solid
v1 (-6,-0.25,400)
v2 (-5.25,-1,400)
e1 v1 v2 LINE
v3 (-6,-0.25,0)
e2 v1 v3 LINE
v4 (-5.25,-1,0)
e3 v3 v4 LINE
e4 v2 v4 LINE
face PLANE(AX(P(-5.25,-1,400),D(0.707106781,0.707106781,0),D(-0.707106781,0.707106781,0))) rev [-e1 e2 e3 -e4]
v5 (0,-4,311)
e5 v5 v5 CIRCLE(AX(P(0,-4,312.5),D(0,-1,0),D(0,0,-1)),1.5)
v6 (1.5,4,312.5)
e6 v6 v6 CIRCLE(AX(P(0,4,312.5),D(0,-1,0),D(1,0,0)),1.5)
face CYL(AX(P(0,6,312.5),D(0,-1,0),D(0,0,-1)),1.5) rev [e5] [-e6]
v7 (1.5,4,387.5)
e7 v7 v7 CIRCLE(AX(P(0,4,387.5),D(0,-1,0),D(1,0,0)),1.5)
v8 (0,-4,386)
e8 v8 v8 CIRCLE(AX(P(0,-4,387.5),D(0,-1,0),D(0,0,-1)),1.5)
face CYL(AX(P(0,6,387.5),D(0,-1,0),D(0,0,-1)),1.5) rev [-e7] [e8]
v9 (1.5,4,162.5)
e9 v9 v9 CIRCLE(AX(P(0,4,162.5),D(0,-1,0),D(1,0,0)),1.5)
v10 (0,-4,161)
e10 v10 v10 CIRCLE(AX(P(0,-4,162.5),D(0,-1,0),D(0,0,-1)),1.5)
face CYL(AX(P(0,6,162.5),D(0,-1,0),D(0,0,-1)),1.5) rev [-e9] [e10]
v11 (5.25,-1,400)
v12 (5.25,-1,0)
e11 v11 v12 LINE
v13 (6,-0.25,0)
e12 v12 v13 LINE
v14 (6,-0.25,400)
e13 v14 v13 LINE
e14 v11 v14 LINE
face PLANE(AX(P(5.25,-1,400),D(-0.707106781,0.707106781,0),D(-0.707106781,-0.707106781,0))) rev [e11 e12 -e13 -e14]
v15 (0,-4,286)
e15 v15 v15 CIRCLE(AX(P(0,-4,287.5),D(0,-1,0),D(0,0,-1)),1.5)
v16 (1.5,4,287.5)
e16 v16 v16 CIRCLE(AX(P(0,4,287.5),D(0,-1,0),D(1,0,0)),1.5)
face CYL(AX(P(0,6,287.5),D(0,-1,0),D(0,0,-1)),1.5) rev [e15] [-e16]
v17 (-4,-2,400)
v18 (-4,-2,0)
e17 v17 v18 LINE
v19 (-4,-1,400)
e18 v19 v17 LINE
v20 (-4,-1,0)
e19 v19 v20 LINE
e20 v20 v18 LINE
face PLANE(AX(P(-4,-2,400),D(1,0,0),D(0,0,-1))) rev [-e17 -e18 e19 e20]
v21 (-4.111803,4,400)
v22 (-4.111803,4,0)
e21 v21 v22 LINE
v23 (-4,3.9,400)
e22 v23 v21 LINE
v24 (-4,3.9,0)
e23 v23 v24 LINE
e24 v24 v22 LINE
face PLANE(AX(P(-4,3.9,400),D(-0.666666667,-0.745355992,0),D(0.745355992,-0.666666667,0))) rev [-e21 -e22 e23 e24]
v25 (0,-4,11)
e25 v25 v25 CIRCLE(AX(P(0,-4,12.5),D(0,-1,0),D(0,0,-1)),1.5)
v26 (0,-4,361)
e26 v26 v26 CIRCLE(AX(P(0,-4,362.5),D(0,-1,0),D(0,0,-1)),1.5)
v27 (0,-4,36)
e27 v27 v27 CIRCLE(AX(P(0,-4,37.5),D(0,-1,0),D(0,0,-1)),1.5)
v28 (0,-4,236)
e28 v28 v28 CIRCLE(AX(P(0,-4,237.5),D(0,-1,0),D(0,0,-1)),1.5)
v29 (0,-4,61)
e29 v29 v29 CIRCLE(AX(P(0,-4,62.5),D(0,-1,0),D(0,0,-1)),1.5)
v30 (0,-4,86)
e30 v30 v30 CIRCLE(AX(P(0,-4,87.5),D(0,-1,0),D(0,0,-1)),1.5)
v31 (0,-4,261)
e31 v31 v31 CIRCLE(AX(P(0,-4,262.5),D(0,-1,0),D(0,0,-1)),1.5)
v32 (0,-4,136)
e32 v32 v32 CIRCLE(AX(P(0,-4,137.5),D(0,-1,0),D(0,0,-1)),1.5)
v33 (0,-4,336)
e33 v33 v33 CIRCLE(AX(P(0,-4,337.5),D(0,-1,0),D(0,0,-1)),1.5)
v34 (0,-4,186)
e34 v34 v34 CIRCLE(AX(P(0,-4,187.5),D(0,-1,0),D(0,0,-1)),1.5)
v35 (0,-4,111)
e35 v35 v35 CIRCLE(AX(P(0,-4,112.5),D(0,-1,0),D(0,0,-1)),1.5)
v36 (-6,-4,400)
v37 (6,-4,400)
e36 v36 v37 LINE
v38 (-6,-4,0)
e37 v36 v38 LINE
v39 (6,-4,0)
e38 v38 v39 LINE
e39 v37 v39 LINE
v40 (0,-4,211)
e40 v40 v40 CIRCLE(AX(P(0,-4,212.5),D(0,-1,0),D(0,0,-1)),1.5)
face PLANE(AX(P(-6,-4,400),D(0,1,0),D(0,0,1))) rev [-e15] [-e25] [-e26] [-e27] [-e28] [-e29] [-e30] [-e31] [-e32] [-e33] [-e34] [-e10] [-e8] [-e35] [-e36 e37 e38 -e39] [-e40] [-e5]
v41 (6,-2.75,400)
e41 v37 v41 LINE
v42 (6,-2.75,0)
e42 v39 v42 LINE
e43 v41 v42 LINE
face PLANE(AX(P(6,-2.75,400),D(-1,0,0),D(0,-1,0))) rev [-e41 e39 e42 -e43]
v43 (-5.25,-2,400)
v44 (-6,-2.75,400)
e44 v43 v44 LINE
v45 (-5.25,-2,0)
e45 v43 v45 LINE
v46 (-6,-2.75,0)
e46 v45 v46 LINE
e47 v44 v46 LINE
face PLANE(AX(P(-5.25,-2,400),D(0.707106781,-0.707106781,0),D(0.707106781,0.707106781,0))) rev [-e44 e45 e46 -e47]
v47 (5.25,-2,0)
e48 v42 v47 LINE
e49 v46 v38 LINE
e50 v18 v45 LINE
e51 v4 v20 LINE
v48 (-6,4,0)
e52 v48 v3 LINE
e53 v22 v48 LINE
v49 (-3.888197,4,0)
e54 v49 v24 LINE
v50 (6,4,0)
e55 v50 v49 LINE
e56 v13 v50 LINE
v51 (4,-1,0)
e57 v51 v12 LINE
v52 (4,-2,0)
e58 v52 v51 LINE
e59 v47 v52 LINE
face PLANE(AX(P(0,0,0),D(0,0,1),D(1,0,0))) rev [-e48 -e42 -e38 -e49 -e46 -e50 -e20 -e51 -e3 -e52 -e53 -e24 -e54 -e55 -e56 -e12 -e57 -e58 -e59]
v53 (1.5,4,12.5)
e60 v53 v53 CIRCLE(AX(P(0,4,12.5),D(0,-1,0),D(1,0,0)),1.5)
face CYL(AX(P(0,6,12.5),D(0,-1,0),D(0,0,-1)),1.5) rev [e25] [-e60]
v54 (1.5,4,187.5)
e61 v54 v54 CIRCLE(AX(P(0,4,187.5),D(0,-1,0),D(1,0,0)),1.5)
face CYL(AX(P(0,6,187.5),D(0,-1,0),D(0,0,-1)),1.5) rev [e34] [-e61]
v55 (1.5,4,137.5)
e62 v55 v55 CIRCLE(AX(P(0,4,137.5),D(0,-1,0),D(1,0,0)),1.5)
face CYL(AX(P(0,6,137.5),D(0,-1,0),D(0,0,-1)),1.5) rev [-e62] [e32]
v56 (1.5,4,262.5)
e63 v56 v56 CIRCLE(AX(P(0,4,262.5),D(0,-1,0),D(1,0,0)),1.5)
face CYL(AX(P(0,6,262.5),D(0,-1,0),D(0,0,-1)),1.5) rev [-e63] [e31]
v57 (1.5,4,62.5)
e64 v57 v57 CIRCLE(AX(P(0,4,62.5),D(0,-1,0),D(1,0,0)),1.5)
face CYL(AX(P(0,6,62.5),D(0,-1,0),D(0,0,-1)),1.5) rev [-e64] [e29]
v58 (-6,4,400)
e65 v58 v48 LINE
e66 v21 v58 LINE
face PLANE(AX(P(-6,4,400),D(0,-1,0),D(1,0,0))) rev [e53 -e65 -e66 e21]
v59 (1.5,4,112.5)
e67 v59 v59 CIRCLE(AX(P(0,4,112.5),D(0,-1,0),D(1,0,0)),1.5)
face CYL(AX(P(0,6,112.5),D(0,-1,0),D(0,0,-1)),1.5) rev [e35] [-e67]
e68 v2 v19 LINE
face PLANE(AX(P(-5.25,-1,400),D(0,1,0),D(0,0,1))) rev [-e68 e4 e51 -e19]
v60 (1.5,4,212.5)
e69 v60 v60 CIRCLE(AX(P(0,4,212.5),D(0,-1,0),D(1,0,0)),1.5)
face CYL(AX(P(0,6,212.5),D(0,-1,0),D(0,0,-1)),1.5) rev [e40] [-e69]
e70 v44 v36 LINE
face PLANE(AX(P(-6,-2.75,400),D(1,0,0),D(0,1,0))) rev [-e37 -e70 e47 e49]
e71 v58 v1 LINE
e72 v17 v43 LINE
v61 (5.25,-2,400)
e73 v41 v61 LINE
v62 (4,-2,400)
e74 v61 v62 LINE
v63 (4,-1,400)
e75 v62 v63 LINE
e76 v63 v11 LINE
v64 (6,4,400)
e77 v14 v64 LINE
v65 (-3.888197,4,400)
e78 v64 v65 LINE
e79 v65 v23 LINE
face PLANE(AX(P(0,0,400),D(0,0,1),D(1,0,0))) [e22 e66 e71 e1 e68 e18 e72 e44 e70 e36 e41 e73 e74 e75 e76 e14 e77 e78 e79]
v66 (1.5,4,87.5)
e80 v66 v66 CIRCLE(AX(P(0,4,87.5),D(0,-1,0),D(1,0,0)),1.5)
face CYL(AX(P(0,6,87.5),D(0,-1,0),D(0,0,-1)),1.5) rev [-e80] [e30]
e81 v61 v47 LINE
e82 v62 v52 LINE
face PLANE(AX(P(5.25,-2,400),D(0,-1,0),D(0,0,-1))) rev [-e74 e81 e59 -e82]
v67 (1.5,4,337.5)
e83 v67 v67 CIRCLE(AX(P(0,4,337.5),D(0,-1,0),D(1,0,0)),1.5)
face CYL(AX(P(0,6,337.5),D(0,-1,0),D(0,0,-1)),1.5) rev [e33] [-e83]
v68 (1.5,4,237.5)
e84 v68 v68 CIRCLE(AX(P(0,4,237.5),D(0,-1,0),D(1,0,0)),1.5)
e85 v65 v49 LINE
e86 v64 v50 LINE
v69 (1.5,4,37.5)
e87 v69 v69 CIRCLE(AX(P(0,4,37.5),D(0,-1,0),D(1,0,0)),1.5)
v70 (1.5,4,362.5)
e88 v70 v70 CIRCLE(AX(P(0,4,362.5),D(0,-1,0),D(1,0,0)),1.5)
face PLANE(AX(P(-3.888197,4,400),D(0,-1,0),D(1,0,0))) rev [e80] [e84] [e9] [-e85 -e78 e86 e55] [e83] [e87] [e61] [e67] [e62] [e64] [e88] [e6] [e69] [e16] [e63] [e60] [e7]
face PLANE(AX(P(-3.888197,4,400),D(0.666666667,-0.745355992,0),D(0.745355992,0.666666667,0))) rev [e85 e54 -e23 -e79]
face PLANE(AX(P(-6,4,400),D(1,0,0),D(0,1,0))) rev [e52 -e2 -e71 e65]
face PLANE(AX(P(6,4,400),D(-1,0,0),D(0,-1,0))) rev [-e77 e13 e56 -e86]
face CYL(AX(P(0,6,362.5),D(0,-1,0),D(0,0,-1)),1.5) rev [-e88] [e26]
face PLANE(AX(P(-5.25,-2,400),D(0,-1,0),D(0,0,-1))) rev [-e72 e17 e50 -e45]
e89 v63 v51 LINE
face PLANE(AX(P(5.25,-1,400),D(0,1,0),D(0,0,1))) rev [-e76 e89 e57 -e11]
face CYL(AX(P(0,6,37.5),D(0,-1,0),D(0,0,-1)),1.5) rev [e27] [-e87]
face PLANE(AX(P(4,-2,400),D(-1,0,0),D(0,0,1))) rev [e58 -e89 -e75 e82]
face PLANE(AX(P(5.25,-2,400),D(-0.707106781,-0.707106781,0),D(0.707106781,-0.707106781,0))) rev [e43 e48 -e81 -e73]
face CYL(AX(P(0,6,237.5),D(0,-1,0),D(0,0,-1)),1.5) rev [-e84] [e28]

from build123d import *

# Parameters (mm, degrees)
BOSS_EXTRUDE1_DEPTH = 400
SKETCH2_R           = 1.5
CUT_EXTRUDE1_DEPTH  = 10
LPATTERN1_COUNT     = 16
LPATTERN1_PITCH     = 25


with BuildPart() as part:
    # Sketch1 → Boss-Extrude1 (new body)
    with BuildSketch(Plane.XY):
        Polygon((-6, -2.75), (-6, -4), (6, -4), (6, -2.75), (5.25, -2), (4, -2), (4, -1), (5.25, -1), (6, -0.25), (6, 4), (-3.888196601, 4), (-4, 3.9), (-4.111803399, 4), (-6, 4), (-6, -0.25), (-5.25, -1), (-4, -1), (-4, -2), (-5.25, -2), align=None)
    extrude(amount=BOSS_EXTRUDE1_DEPTH)

    # Sketch2 → Cut-Extrude1 (cut)
    with BuildSketch(Plane.XZ.offset(4)):
        with Locations(Location((0, 12.5, 0), (0, 0, 270))):
            Circle(SKETCH2_R)
    cut_extrude1 = extrude(amount=-CUT_EXTRUDE1_DEPTH, mode=Mode.SUBTRACT)

    # LPattern1: Cut-Extrude1 ×16
    with Locations(*[(0, 0, i * LPATTERN1_PITCH) for i in range(1, LPATTERN1_COUNT)]):
        add(cut_extrude1, mode=Mode.SUBTRACT)


solid = part.part
